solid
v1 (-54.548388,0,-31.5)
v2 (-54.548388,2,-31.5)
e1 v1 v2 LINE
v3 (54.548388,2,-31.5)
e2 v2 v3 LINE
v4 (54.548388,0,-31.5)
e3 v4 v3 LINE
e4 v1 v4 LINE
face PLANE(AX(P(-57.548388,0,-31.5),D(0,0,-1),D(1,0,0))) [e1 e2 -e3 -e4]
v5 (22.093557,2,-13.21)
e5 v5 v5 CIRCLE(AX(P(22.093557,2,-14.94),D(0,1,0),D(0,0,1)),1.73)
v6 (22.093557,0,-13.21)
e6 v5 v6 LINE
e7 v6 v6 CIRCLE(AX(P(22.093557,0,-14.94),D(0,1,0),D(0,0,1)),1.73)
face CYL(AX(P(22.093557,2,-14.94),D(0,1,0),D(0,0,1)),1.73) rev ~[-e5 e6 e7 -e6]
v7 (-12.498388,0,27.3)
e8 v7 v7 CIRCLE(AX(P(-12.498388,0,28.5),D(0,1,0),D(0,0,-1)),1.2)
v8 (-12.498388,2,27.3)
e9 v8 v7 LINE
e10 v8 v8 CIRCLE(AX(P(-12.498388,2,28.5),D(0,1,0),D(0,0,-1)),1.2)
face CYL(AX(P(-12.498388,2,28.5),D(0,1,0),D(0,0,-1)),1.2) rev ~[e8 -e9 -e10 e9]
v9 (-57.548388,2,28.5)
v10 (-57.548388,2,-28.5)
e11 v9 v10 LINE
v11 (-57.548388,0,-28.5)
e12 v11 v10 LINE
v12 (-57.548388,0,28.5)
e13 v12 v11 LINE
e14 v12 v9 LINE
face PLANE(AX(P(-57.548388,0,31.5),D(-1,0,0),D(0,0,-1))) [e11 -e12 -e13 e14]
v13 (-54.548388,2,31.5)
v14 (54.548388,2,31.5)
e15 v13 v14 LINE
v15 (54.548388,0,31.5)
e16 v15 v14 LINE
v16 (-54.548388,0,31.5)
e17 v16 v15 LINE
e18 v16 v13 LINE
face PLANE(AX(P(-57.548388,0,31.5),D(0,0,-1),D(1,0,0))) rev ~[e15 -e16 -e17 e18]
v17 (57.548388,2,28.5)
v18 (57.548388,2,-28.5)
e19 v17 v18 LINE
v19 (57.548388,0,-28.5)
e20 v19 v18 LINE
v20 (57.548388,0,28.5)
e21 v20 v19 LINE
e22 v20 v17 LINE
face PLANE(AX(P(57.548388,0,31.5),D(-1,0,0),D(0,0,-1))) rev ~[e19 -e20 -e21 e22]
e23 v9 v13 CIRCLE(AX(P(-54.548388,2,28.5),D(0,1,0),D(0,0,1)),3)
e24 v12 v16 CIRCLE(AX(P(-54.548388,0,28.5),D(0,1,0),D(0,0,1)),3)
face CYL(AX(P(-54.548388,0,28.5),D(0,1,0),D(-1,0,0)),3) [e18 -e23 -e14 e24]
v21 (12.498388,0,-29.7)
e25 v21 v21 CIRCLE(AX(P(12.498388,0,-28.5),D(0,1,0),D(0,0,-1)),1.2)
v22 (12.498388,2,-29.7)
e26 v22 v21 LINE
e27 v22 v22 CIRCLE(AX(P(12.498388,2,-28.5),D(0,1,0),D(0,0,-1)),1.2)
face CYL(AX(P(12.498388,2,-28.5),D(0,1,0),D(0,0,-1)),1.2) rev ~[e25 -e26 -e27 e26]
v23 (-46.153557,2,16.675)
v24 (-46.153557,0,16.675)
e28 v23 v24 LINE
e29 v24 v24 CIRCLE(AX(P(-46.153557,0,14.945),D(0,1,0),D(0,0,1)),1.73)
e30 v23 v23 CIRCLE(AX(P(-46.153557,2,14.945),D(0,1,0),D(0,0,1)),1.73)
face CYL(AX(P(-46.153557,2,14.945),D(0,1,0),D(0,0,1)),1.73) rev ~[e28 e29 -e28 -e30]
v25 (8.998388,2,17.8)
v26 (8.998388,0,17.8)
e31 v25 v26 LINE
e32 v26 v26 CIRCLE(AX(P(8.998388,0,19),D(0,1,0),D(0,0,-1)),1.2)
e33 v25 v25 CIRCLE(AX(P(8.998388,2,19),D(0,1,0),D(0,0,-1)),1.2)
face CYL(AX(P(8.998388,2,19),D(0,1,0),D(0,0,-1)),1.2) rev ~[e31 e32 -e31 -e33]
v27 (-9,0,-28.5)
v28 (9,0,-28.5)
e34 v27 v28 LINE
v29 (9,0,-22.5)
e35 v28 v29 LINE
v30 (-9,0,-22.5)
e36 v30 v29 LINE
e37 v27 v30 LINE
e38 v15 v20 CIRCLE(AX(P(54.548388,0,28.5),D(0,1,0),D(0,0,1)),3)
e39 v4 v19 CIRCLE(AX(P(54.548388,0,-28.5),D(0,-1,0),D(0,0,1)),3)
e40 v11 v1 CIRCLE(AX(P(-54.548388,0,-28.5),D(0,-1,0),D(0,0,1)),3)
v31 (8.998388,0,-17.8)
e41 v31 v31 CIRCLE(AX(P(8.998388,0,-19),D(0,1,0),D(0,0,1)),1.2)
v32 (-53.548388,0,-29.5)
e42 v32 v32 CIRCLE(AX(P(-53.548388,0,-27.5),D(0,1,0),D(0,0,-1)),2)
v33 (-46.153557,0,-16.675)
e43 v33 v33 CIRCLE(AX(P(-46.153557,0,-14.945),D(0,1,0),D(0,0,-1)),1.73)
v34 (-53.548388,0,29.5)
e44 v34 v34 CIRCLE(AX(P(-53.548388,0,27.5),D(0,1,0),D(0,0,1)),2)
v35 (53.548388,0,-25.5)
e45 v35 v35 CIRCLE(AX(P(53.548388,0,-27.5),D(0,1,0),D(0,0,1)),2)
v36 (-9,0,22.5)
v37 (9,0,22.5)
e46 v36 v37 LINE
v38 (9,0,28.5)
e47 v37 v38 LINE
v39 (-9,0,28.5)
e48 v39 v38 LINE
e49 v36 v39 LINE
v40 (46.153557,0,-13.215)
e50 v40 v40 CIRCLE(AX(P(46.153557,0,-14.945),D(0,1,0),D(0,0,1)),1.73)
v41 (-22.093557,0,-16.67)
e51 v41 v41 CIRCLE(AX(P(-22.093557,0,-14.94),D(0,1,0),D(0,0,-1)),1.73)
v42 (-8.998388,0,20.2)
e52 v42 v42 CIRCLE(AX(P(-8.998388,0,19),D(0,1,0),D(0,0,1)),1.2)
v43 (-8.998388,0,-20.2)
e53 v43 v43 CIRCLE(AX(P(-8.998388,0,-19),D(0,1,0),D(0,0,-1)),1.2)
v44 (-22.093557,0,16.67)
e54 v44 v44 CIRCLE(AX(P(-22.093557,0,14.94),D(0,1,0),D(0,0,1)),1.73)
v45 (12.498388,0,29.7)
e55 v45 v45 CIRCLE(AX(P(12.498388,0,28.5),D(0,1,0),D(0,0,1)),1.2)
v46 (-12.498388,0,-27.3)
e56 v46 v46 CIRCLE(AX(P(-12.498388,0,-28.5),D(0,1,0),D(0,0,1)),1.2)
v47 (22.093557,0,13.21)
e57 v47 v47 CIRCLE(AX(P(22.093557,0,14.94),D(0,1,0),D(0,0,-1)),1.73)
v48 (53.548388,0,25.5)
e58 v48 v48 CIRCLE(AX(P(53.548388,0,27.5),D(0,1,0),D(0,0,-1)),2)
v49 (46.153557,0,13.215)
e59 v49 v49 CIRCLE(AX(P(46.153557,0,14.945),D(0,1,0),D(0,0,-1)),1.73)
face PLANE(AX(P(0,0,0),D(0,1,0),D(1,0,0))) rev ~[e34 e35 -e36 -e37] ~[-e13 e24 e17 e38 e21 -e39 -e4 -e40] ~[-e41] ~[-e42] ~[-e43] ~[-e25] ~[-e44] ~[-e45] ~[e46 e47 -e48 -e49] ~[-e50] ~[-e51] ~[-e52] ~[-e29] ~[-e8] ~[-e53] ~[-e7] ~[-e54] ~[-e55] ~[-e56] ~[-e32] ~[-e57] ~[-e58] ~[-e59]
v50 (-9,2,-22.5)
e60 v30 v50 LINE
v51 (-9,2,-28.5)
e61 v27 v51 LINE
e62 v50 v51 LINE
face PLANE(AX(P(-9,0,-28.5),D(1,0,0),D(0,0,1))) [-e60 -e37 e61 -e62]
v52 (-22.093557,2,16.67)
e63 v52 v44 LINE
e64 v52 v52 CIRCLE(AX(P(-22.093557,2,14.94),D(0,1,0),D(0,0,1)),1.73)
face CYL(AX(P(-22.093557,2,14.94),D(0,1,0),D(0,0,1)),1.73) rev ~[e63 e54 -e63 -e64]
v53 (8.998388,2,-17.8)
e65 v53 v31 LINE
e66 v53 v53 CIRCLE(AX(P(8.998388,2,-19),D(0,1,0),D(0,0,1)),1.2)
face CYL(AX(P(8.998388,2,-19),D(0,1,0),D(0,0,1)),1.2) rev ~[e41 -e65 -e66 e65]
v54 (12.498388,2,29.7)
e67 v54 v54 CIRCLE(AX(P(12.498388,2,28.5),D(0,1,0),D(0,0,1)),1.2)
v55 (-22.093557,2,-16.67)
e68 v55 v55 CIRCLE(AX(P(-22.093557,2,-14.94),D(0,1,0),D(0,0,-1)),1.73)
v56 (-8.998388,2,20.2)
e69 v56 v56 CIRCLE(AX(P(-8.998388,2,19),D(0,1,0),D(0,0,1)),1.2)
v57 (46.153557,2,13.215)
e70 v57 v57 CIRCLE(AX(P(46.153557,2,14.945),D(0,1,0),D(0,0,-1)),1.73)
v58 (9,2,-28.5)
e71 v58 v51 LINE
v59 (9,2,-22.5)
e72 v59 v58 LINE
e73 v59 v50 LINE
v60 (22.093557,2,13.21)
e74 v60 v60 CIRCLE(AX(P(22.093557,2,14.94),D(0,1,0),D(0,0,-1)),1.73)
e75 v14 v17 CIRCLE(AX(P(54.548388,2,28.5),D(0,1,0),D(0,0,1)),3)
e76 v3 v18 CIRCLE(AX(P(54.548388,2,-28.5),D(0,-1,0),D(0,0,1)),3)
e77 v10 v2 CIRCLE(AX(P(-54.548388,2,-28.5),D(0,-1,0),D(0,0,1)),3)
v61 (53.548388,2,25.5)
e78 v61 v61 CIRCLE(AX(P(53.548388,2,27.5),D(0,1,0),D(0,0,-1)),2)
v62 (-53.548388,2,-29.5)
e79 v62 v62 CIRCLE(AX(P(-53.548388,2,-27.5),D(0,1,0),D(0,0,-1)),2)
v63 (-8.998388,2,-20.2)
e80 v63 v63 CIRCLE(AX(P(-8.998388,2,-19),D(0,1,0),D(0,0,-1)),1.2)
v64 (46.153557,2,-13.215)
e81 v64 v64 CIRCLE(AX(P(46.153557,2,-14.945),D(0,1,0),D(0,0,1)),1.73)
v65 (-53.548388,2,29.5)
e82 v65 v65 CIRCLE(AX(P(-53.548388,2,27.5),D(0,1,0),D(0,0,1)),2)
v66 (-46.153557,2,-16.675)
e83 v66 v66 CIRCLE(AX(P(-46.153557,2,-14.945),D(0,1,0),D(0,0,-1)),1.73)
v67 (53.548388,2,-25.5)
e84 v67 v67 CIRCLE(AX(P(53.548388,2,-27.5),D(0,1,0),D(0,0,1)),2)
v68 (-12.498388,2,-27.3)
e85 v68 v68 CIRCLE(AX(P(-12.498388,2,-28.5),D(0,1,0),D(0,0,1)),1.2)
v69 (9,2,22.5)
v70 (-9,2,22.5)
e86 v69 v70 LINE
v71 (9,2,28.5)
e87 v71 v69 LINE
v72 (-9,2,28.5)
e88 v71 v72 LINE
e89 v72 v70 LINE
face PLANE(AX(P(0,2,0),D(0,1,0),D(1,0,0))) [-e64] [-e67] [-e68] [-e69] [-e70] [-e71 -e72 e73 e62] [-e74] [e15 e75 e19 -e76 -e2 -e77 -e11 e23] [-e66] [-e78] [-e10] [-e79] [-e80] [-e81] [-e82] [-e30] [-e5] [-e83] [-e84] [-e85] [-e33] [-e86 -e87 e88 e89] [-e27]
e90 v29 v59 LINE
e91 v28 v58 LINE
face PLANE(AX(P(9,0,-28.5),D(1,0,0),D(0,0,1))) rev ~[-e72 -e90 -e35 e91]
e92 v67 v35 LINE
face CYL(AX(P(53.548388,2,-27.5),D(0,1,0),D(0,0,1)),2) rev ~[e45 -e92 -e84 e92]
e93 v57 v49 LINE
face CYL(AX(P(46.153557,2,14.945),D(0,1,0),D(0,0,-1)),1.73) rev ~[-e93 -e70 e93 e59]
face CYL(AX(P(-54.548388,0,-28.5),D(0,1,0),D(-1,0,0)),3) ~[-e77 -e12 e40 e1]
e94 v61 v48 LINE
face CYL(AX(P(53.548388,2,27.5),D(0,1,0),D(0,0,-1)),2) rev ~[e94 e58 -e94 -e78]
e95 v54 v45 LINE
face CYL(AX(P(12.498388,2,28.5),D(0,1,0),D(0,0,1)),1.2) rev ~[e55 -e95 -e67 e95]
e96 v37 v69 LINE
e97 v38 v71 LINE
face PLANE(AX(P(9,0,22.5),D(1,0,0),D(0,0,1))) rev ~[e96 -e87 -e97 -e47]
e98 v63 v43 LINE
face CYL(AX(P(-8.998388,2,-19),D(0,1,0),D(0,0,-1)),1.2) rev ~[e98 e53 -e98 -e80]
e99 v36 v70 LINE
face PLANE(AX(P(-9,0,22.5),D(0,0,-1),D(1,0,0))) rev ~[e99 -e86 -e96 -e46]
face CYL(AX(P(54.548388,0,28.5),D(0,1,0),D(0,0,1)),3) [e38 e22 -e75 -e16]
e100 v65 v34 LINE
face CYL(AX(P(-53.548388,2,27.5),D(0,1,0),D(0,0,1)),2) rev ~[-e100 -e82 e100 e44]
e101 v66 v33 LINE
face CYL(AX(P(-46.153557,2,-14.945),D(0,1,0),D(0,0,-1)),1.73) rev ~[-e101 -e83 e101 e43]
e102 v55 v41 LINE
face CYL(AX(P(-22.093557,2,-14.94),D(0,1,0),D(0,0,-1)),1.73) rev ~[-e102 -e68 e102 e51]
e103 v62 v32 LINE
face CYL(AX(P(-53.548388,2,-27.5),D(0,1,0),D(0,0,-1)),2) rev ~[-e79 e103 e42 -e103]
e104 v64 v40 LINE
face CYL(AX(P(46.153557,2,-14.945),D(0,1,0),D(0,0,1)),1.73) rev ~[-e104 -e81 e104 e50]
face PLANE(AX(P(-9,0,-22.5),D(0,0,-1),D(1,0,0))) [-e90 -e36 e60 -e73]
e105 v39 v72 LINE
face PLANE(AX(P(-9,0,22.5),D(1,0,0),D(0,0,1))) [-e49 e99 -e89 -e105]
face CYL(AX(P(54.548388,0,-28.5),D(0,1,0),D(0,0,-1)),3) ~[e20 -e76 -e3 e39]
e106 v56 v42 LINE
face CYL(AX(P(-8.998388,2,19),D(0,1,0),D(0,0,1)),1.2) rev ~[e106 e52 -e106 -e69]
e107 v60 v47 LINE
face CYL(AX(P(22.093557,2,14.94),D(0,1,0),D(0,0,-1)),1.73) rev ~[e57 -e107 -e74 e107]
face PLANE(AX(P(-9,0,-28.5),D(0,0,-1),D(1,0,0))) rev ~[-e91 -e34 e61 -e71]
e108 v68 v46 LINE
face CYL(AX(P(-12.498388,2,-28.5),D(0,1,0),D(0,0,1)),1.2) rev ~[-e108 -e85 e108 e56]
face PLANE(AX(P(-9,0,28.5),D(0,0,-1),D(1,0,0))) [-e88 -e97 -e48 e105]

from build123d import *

# Parameters (mm, degrees)
ESBO_O1_W                = 115.09677689
ESBO_O1_H                = 63
RESSALTO_EXTRUS_O1_DEPTH = 2
ESBO_O2_R                = 1.73
CORTE_EXTRUS_O1_DEPTH    = 66.635866816
ESBO_O3_W                = 18
ESBO_O3_H                = 6
CORTE_EXTRUS_O2_DEPTH    = 66.635866816
ESBO_O5_R                = 2
CORTE_EXTRUS_O3_DEPTH    = 66.635866816
FILETE1_R                = 3
ESBO_O8_R                = 1.2
CORTE_EXTRUS_O4_DEPTH    = 66.635866816


with BuildPart() as part:
    # Esboço1 → Ressalto-extrusão1 (new body)
    with BuildSketch(Plane(origin=(0, 0, 0), x_dir=(1, 0, 0), z_dir=(0, 1, 0))):
        Rectangle(ESBO_O1_W, ESBO_O1_H)
    extrude(amount=RESSALTO_EXTRUS_O1_DEPTH)

    # Esboço2 → Corte-extrusão1 (cut, through all)
    with BuildSketch(Plane(origin=(0, 2, 0), x_dir=(1, 0, 0), z_dir=(0, 1, 0))):
        with Locations(Location((-46.153556516, -14.945, 0), (0, 0, 270))):
            Circle(ESBO_O2_R)
        with Locations(Location((-22.093556516, -14.94, 0), (0, 0, 270))):
            Circle(ESBO_O2_R)
        with Locations(Location((22.093556516, -14.94, 0), (0, 0, 90))):
            Circle(ESBO_O2_R)
        with Locations(Location((46.153556516, -14.945, 0), (0, 0, 90))):
            Circle(ESBO_O2_R)
        with Locations(Location((46.153556516, 14.945, 0), (0, 0, 270))):
            Circle(ESBO_O2_R)
        with Locations(Location((22.093556516, 14.94, 0), (0, 0, 270))):
            Circle(ESBO_O2_R)
        with Locations(Location((-22.093556516, 14.94, 0), (0, 0, 90))):
            Circle(ESBO_O2_R)
        with Locations(Location((-46.153556516, 14.945, 0), (0, 0, 90))):
            Circle(ESBO_O2_R)
    extrude(amount=-CORTE_EXTRUS_O1_DEPTH, mode=Mode.SUBTRACT)

    # Esboço3 → Corte-extrusão2 (cut, through all)
    with BuildSketch(Plane.XZ):
        with Locations((0, 25.5)):
            Rectangle(ESBO_O3_W, ESBO_O3_H)
        with Locations((0, -25.5)):
            Rectangle(ESBO_O3_W, ESBO_O3_H)
    extrude(amount=-CORTE_EXTRUS_O2_DEPTH, mode=Mode.SUBTRACT)

    # Esboço5 → Corte-extrusão3 (cut, through all)
    with BuildSketch(Plane(origin=(0, 2, 0), x_dir=(1, 0, 0), z_dir=(0, 1, 0))):
        with Locations(Location((53.548388445, 27.5, 0), (0, 0, 270))):
            Circle(ESBO_O5_R)
        with Locations(Location((53.548388445, -27.5, 0), (0, 0, 90))):
            Circle(ESBO_O5_R)
        with Locations(Location((-53.548388445, -27.5, 0), (0, 0, 270))):
            Circle(ESBO_O5_R)
        with Locations(Location((-53.548388445, 27.5, 0), (0, 0, 90))):
            Circle(ESBO_O5_R)
    extrude(amount=-CORTE_EXTRUS_O3_DEPTH, mode=Mode.SUBTRACT)

    # Filete1
    filete1_edges = [part.edges().sort_by_distance(p)[0] for p in [
        (-57.548388445, 1, -31.5),
        (57.548388445, 1, -31.5),
        (57.548388445, 1, 31.5),
        (-57.548388445, 1, 31.5),
    ]]
    fillet(filete1_edges, radius=FILETE1_R)

    # Esboço8 → Corte-extrusão4 (cut, through all)
    with BuildSketch(Plane(origin=(0, 2, 0), x_dir=(1, 0, 0), z_dir=(0, 1, 0))):
        with Locations(Location((-12.498388445, 28.5, 0), (0, 0, 270))):
            Circle(ESBO_O8_R)
        with Locations(Location((12.498388445, 28.5, 0), (0, 0, 90))):
            Circle(ESBO_O8_R)
        with Locations(Location((12.498388445, -28.5, 0), (0, 0, 270))):
            Circle(ESBO_O8_R)
        with Locations(Location((-12.498388445, -28.5, 0), (0, 0, 90))):
            Circle(ESBO_O8_R)
        with Locations(Location((-8.998388445, -19, 0), (0, 0, 270))):
            Circle(ESBO_O8_R)
        with Locations(Location((8.998388445, -19, 0), (0, 0, 90))):
            Circle(ESBO_O8_R)
        with Locations(Location((8.998388445, 19, 0), (0, 0, 270))):
            Circle(ESBO_O8_R)
        with Locations(Location((-8.998388445, 19, 0), (0, 0, 90))):
            Circle(ESBO_O8_R)
    extrude(amount=-CORTE_EXTRUS_O4_DEPTH, mode=Mode.SUBTRACT)


solid = part.part
